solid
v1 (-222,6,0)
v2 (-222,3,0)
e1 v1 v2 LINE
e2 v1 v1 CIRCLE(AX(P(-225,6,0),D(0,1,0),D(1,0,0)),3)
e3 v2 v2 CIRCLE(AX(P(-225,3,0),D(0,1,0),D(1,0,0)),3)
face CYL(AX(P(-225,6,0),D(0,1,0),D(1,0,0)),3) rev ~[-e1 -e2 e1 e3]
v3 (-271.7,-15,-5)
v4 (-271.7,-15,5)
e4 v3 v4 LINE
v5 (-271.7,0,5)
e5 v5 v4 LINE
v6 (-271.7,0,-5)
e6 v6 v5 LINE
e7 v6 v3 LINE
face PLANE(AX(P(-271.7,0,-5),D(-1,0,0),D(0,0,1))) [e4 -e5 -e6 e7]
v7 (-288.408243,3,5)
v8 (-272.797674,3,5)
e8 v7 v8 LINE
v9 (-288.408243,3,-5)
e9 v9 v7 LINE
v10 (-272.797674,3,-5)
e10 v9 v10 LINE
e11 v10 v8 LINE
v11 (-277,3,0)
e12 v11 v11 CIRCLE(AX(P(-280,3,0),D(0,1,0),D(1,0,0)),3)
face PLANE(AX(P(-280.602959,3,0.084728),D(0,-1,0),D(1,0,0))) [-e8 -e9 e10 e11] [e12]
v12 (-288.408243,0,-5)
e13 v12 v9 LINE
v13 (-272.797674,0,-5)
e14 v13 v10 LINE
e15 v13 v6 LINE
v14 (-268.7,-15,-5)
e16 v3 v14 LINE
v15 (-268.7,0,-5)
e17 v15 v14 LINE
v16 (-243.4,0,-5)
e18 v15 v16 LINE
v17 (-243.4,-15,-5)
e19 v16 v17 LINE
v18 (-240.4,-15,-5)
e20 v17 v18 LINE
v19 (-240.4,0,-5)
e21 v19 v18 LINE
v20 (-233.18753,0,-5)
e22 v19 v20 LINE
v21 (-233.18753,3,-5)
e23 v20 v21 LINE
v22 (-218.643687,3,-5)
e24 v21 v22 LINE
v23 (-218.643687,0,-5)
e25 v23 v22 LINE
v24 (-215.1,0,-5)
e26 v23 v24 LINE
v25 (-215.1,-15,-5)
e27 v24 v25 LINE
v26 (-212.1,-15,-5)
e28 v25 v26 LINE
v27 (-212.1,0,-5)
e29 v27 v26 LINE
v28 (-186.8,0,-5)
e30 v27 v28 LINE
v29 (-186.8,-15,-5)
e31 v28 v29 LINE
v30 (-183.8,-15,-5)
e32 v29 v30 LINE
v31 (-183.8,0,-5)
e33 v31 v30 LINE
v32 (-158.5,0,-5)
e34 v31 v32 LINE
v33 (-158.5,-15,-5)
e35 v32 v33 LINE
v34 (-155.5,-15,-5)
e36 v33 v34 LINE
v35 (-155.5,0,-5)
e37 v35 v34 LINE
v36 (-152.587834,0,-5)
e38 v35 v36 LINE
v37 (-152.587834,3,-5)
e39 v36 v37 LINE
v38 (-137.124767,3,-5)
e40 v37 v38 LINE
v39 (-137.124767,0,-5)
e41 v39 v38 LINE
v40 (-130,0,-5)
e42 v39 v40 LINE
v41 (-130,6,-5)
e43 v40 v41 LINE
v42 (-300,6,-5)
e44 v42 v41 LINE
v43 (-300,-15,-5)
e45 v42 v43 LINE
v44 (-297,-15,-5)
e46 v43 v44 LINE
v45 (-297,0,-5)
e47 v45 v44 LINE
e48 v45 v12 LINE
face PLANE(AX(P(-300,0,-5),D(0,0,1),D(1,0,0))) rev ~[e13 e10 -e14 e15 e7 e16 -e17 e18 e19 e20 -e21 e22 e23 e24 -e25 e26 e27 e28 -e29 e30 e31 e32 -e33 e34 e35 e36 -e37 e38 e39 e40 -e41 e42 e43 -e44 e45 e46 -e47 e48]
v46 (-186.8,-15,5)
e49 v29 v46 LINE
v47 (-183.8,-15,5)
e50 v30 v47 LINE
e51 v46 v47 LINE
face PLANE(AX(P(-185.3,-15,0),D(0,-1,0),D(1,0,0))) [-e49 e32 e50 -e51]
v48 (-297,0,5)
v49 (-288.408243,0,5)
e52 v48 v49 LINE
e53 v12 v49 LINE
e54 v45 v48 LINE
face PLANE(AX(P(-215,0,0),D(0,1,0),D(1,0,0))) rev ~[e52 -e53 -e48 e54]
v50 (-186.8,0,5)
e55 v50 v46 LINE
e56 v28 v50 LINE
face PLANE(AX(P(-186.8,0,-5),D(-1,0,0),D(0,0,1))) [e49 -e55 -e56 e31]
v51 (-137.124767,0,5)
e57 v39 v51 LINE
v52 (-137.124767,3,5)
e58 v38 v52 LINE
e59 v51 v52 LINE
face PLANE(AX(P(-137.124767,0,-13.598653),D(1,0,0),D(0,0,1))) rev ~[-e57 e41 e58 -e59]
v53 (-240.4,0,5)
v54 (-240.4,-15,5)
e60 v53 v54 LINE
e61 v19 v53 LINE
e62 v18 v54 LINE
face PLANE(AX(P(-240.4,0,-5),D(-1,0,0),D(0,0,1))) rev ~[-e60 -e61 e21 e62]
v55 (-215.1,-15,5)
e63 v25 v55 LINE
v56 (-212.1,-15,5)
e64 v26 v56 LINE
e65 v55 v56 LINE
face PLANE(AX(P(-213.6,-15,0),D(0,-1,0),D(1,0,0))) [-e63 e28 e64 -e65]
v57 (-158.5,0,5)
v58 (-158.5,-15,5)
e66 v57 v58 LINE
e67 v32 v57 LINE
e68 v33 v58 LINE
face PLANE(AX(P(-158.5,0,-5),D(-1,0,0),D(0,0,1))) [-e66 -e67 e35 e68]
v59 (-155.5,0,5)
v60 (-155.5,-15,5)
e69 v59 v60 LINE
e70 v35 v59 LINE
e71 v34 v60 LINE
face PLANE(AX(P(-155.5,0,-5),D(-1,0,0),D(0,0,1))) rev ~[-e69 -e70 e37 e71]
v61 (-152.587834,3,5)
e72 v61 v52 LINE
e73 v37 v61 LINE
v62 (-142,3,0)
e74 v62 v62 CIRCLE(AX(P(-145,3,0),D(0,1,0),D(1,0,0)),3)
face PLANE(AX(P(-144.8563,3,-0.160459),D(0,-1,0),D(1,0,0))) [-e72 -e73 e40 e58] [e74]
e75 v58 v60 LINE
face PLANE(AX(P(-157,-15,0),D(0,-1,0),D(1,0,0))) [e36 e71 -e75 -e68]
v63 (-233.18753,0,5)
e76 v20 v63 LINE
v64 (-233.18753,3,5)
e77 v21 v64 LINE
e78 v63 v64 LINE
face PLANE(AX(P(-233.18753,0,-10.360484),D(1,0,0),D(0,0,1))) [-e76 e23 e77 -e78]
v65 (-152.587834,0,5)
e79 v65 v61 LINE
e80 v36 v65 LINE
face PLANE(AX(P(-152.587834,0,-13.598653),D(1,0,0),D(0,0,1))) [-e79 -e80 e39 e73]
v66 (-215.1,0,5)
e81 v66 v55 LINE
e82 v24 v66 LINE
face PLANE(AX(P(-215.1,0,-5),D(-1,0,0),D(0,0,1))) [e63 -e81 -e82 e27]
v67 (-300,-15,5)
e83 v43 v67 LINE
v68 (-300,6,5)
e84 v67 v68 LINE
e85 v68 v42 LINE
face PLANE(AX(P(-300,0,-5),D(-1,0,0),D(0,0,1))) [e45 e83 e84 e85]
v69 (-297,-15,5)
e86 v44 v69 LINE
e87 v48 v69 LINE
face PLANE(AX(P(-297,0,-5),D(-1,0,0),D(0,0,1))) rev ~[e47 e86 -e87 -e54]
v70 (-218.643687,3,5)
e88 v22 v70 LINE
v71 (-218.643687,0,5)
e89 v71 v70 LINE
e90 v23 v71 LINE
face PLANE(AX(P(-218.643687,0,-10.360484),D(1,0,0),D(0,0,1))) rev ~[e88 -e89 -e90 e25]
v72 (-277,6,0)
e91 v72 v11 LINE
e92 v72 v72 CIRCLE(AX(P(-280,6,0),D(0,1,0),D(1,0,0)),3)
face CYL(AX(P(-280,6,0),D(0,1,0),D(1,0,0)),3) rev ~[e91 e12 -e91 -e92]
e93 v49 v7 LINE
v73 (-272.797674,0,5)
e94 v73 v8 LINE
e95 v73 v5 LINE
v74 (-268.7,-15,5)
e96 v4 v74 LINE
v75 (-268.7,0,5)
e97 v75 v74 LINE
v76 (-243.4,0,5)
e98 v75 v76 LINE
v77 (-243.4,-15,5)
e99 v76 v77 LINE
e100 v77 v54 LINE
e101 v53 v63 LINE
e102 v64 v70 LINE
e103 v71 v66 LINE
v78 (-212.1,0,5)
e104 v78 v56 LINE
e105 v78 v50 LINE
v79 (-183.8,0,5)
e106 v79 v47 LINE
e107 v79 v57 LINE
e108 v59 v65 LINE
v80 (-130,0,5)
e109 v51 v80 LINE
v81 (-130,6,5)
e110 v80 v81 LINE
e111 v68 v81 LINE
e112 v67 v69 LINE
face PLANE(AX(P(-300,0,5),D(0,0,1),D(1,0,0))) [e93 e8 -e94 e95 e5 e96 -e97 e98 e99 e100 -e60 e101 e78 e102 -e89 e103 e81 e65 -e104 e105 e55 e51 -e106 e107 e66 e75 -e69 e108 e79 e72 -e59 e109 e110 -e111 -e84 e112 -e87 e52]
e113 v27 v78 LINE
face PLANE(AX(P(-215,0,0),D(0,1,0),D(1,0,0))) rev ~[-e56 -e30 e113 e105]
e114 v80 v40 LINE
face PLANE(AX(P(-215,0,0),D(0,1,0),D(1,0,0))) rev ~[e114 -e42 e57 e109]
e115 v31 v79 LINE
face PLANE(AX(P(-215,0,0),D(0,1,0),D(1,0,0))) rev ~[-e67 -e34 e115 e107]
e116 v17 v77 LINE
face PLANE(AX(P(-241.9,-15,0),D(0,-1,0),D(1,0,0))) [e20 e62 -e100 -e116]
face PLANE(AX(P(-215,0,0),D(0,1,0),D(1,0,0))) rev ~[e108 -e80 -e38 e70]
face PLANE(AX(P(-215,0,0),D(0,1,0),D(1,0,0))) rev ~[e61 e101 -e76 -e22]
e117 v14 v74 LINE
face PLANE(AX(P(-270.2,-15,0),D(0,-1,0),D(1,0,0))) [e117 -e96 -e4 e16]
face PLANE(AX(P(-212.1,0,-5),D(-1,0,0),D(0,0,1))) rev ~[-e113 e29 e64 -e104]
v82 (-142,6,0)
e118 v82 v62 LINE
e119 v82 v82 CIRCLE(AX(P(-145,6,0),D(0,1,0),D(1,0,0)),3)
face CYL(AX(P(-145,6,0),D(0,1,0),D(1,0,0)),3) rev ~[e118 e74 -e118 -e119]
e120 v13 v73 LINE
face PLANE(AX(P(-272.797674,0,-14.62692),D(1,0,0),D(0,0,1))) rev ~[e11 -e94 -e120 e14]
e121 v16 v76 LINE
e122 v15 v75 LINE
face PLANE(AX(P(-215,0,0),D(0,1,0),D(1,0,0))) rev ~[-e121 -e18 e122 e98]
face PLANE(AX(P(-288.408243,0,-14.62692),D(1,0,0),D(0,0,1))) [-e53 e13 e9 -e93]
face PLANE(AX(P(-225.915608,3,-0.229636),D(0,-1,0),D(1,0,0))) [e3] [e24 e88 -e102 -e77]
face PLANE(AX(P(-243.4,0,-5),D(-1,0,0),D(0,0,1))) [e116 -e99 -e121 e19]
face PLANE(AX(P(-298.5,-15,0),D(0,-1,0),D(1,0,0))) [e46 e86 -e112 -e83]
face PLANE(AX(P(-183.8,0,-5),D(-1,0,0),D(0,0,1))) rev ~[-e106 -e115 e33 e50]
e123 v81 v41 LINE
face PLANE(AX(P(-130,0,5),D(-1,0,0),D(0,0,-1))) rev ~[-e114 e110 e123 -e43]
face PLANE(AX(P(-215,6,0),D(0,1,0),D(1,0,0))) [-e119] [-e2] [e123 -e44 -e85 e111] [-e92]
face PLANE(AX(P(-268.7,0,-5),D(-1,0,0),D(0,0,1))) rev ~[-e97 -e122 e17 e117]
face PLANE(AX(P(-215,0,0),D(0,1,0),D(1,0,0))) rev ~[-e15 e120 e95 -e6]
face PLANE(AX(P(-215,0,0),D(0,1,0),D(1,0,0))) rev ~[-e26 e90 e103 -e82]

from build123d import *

# Parameters (mm, degrees)
SKETCH1_W           = 170
SKETCH1_H           = 10
BOSS_EXTRUDE1_DEPTH = 6
SKETCH3_W           = 3
SKETCH3_H           = 10
BOSS_EXTRUDE2_DEPTH = 15
LPATTERN1_COUNT     = 6
LPATTERN1_PITCH     = 28.3
SKETCH5_R           = 3
SKETCH5_R_2         = 1.8
CUT_EXTRUDE1_DEPTH  = 10
SKETCH7_W           = 15.610569604
SKETCH7_H           = 29.423295864
SKETCH7_W_2         = 14.543842925
SKETCH7_H_2         = 20.261696827
SKETCH7_W_3         = 15.463066773
SKETCH7_H_3         = 26.876388592
CUT_EXTRUDE3_DEPTH  = 3


with BuildPart() as part:
    # Sketch1 → Boss-Extrude1 (new body)
    with BuildSketch(Plane(origin=(0, 0, 0), x_dir=(1, 0, 0), z_dir=(0, 1, 0))):
        with Locations((-215, 0)):
            Rectangle(SKETCH1_W, SKETCH1_H)
    extrude(amount=BOSS_EXTRUDE1_DEPTH)

    # Sketch3 → Boss-Extrude2 (add)
    with BuildSketch(Plane.XZ):
        with Locations((-298.5, 0)):
            Rectangle(SKETCH3_W, SKETCH3_H)
    boss_extrude2 = extrude(amount=BOSS_EXTRUDE2_DEPTH)

    # LPattern1: Boss-Extrude2 ×6
    with Locations(*[(i * LPATTERN1_PITCH, 0, 0) for i in range(1, LPATTERN1_COUNT)]):
        add(boss_extrude2)

    # Sketch5 → Cut-Extrude1 (cut)
    with BuildSketch(Plane(origin=(0, 6, 0), x_dir=(1, 0, 0), z_dir=(0, 1, 0))):
        with Locations((-225, 0)):
            Circle(SKETCH5_R)
        with Locations((225, 0)):
            Circle(SKETCH5_R_2)
        with Locations((165, 0)):
            Circle(SKETCH5_R_2)
        with Locations((-280, 0)):
            Circle(SKETCH5_R)
        with Locations((-145, 0)):
            Circle(SKETCH5_R)
    extrude(amount=-CUT_EXTRUDE1_DEPTH, mode=Mode.SUBTRACT)

    # Sketch7 → Cut-Extrude3 (cut)
    with BuildSketch(Plane.XZ):
        with Locations((-280.60295859, 0.084727736)):
            Rectangle(SKETCH7_W, SKETCH7_H)
        with Locations((-225.915608204, -0.229636086)):
            Rectangle(SKETCH7_W_2, SKETCH7_H_2)
        with Locations((-144.85630026, -0.160459025)):
            Rectangle(SKETCH7_W_3, SKETCH7_H_3)
    extrude(amount=-CUT_EXTRUDE3_DEPTH, mode=Mode.SUBTRACT)


solid = part.part
